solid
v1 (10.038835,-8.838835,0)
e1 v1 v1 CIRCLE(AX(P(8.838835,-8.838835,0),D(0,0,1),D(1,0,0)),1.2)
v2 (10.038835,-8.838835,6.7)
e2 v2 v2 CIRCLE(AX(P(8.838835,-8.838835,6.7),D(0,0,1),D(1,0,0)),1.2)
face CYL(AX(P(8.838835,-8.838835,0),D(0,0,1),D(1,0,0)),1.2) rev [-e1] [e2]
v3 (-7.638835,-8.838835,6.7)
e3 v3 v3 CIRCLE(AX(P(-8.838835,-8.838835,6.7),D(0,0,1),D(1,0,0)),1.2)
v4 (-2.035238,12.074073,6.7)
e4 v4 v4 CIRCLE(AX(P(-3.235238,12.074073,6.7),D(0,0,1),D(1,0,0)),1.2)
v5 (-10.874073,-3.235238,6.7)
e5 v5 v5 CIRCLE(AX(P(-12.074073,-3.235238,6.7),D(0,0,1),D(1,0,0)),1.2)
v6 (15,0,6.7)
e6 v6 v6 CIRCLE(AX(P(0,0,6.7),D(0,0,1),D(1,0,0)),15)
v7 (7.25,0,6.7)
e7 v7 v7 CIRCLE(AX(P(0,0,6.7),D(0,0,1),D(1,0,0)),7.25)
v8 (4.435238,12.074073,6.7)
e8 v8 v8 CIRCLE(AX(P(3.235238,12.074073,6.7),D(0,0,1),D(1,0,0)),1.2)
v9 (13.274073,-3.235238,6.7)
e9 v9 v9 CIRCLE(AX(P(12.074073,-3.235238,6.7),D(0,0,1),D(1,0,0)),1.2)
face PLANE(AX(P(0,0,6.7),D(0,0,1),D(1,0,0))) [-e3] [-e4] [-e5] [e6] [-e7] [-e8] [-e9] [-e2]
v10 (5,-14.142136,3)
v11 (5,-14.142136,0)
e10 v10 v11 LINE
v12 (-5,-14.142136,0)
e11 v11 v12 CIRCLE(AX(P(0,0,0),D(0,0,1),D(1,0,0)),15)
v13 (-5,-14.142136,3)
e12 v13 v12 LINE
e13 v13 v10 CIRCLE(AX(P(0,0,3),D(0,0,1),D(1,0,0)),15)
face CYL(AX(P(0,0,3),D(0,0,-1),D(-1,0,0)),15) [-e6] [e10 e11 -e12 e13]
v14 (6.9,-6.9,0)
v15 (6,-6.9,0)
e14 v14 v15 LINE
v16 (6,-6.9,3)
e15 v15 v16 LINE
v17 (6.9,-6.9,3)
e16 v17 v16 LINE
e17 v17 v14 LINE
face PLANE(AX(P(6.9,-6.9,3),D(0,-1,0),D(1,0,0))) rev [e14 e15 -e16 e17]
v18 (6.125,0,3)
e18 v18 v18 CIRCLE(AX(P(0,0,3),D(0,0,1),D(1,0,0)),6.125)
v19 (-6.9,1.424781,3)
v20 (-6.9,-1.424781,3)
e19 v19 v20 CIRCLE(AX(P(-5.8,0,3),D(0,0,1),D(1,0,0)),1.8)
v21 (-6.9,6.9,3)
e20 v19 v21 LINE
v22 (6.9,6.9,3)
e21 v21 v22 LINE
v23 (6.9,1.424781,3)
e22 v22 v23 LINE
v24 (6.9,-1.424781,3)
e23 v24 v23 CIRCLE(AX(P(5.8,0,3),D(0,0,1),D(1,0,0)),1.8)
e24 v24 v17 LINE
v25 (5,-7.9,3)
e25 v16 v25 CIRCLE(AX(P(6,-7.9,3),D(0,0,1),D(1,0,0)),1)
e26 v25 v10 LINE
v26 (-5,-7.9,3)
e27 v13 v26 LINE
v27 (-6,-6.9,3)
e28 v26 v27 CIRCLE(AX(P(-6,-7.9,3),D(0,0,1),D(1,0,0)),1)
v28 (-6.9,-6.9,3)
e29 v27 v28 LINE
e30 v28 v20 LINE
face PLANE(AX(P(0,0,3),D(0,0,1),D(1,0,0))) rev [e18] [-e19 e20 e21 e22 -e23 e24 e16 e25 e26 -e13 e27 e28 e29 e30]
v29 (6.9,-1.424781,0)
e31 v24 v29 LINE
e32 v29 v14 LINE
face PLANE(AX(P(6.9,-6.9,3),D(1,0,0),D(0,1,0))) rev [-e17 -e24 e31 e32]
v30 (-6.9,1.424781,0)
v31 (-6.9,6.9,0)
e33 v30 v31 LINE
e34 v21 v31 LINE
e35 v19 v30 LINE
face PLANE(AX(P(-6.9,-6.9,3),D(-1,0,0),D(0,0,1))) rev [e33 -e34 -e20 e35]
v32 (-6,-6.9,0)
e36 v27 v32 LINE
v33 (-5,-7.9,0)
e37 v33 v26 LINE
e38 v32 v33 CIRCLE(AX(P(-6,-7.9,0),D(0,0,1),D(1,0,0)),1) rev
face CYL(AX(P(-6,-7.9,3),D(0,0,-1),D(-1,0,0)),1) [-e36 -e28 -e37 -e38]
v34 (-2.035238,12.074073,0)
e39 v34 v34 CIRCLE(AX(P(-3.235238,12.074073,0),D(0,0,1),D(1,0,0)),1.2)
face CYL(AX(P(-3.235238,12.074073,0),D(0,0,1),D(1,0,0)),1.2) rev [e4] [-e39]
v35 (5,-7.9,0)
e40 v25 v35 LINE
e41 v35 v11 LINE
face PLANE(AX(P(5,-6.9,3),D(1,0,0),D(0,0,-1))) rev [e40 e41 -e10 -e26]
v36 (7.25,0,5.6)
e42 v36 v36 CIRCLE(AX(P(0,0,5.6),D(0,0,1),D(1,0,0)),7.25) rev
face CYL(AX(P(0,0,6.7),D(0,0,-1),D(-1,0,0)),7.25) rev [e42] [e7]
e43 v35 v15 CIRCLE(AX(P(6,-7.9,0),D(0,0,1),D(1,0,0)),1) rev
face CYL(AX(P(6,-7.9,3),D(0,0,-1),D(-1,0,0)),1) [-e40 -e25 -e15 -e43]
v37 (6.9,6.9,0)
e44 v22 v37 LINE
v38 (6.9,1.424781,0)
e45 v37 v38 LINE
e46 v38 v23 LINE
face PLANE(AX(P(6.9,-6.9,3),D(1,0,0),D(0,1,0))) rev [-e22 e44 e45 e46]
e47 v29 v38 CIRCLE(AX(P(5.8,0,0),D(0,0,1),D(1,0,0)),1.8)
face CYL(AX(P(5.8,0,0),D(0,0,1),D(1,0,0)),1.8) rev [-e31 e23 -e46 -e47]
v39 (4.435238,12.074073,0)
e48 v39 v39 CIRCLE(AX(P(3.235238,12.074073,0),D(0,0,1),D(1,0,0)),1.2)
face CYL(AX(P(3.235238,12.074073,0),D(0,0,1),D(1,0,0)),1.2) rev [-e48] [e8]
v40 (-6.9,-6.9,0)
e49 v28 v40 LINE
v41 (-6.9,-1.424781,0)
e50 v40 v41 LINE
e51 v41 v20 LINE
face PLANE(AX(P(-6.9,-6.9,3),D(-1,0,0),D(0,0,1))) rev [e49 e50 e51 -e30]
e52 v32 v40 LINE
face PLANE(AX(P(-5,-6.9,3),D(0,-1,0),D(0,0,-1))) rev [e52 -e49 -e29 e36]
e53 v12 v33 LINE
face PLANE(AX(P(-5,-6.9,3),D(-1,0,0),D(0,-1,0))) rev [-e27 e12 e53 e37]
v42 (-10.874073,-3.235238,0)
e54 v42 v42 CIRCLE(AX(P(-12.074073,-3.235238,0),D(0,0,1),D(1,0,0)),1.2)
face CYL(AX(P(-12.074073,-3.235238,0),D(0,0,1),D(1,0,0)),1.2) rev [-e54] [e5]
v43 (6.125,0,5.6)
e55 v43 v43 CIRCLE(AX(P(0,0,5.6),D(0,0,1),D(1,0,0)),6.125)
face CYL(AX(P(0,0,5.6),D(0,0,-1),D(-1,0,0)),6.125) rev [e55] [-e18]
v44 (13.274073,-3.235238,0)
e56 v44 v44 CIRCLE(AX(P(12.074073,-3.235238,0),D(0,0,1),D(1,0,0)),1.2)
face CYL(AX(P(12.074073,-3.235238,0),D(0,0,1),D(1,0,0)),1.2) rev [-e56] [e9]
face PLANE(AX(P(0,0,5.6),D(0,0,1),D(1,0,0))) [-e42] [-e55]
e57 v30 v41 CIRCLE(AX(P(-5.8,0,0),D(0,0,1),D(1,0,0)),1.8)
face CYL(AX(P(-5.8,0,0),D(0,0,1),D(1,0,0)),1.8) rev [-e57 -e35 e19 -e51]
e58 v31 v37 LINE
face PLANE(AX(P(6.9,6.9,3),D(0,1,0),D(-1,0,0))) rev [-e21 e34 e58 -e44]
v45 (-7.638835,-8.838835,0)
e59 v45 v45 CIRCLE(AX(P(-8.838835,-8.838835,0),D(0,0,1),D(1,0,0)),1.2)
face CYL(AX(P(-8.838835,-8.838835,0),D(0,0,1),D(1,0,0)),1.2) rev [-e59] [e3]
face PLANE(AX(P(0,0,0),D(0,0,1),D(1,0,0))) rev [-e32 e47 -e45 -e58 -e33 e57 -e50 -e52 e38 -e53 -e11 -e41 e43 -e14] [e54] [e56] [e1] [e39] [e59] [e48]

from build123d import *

# Parameters (mm, degrees)
EXTRUDE_1_DEPTH     = 3
CUT_EXTRUDE_4_DEPTH = 22.424285286
SKETCH_12_R         = 15
SKETCH_12_R_2       = 6.125
EXTRUDE_2_DEPTH     = 2.6
SKETCH_13_R         = 15
SKETCH_13_R_2       = 7.25
EXTRUDE_3_DEPTH     = 1.1
SKETCH_14_R         = 1.2
CUT_EXTRUDE_5_DEPTH = 23.246123258
FILLET_1_R          = 1


with BuildPart() as part:
    # 스케치1 → 보스-돌출1 (new body)
    with BuildSketch(Plane.XY):
        with BuildLine():
            Line((-5, -6.9), (-6.9, -6.9))
            Line((-6.9, -6.9), (-6.9, 6.9))
            Line((-6.9, 6.9), (6.9, 6.9))
            Line((6.9, 6.9), (6.9, -6.9))
            Line((6.9, -6.9), (5, -6.9))
            Line((5, -6.9), (5, -14.142135624))
            ThreePointArc((5, -14.142135624), (0, 15), (-5, -14.142135624))
            Line((-5, -14.142135624), (-5, -6.9))
        make_face()
    extrude(amount=EXTRUDE_1_DEPTH)

    # 스케치11 → 컷-돌출4 (cut, through all)
    with BuildSketch(Plane.XY.offset(3)):
        with BuildLine():
            Line((5.8, -1.8), (-5.8, -1.8))
            ThreePointArc((-5.8, -1.8), (-7.6, 0), (-5.8, 1.8))
            Line((-5.8, 1.8), (5.8, 1.8))
            ThreePointArc((5.8, 1.8), (7.6, 0), (5.8, -1.8))
        make_face()
    extrude(amount=-CUT_EXTRUDE_4_DEPTH, mode=Mode.SUBTRACT)

    # 스케치12 → 보스-돌출2 (add)
    with BuildSketch(Plane.XY.offset(3)):
        with Locations(Location((0, 0, 0), (0, 0, 250.528779366))):
            Circle(SKETCH_12_R)
        Circle(SKETCH_12_R_2, mode=Mode.SUBTRACT)
    extrude(amount=EXTRUDE_2_DEPTH)

    # 스케치13 → 보스-돌출3 (add)
    with BuildSketch(Plane.XY.offset(5.6)):
        with Locations(Location((0, 0, 0), (0, 0, 250.528779366))):
            Circle(SKETCH_13_R)
        Circle(SKETCH_13_R_2, mode=Mode.SUBTRACT)
    extrude(amount=EXTRUDE_3_DEPTH)

    # 스케치14 → 컷-돌출5 (cut, through all)
    with BuildSketch(Plane.XY.offset(6.7)):
        with Locations((3.235238064, 12.074072829)):
            Circle(SKETCH_14_R)
        with Locations((-3.235238064, 12.074072829)):
            Circle(SKETCH_14_R)
        with Locations((12.074072829, -3.235238064)):
            Circle(SKETCH_14_R)
        with Locations((8.838834765, -8.838834765)):
            Circle(SKETCH_14_R)
        with Locations((-8.838834765, -8.838834765)):
            Circle(SKETCH_14_R)
        with Locations((-12.074072829, -3.235238064)):
            Circle(SKETCH_14_R)
    extrude(amount=-CUT_EXTRUDE_5_DEPTH, mode=Mode.SUBTRACT)

    # 필렛1
    fillet_1_edges = [part.edges().sort_by_distance(p)[0] for p in [
        (-5, -6.9, 1.5),
        (5, -6.9, 1.5),
    ]]
    fillet(fillet_1_edges, radius=FILLET_1_R)


solid = part.part
